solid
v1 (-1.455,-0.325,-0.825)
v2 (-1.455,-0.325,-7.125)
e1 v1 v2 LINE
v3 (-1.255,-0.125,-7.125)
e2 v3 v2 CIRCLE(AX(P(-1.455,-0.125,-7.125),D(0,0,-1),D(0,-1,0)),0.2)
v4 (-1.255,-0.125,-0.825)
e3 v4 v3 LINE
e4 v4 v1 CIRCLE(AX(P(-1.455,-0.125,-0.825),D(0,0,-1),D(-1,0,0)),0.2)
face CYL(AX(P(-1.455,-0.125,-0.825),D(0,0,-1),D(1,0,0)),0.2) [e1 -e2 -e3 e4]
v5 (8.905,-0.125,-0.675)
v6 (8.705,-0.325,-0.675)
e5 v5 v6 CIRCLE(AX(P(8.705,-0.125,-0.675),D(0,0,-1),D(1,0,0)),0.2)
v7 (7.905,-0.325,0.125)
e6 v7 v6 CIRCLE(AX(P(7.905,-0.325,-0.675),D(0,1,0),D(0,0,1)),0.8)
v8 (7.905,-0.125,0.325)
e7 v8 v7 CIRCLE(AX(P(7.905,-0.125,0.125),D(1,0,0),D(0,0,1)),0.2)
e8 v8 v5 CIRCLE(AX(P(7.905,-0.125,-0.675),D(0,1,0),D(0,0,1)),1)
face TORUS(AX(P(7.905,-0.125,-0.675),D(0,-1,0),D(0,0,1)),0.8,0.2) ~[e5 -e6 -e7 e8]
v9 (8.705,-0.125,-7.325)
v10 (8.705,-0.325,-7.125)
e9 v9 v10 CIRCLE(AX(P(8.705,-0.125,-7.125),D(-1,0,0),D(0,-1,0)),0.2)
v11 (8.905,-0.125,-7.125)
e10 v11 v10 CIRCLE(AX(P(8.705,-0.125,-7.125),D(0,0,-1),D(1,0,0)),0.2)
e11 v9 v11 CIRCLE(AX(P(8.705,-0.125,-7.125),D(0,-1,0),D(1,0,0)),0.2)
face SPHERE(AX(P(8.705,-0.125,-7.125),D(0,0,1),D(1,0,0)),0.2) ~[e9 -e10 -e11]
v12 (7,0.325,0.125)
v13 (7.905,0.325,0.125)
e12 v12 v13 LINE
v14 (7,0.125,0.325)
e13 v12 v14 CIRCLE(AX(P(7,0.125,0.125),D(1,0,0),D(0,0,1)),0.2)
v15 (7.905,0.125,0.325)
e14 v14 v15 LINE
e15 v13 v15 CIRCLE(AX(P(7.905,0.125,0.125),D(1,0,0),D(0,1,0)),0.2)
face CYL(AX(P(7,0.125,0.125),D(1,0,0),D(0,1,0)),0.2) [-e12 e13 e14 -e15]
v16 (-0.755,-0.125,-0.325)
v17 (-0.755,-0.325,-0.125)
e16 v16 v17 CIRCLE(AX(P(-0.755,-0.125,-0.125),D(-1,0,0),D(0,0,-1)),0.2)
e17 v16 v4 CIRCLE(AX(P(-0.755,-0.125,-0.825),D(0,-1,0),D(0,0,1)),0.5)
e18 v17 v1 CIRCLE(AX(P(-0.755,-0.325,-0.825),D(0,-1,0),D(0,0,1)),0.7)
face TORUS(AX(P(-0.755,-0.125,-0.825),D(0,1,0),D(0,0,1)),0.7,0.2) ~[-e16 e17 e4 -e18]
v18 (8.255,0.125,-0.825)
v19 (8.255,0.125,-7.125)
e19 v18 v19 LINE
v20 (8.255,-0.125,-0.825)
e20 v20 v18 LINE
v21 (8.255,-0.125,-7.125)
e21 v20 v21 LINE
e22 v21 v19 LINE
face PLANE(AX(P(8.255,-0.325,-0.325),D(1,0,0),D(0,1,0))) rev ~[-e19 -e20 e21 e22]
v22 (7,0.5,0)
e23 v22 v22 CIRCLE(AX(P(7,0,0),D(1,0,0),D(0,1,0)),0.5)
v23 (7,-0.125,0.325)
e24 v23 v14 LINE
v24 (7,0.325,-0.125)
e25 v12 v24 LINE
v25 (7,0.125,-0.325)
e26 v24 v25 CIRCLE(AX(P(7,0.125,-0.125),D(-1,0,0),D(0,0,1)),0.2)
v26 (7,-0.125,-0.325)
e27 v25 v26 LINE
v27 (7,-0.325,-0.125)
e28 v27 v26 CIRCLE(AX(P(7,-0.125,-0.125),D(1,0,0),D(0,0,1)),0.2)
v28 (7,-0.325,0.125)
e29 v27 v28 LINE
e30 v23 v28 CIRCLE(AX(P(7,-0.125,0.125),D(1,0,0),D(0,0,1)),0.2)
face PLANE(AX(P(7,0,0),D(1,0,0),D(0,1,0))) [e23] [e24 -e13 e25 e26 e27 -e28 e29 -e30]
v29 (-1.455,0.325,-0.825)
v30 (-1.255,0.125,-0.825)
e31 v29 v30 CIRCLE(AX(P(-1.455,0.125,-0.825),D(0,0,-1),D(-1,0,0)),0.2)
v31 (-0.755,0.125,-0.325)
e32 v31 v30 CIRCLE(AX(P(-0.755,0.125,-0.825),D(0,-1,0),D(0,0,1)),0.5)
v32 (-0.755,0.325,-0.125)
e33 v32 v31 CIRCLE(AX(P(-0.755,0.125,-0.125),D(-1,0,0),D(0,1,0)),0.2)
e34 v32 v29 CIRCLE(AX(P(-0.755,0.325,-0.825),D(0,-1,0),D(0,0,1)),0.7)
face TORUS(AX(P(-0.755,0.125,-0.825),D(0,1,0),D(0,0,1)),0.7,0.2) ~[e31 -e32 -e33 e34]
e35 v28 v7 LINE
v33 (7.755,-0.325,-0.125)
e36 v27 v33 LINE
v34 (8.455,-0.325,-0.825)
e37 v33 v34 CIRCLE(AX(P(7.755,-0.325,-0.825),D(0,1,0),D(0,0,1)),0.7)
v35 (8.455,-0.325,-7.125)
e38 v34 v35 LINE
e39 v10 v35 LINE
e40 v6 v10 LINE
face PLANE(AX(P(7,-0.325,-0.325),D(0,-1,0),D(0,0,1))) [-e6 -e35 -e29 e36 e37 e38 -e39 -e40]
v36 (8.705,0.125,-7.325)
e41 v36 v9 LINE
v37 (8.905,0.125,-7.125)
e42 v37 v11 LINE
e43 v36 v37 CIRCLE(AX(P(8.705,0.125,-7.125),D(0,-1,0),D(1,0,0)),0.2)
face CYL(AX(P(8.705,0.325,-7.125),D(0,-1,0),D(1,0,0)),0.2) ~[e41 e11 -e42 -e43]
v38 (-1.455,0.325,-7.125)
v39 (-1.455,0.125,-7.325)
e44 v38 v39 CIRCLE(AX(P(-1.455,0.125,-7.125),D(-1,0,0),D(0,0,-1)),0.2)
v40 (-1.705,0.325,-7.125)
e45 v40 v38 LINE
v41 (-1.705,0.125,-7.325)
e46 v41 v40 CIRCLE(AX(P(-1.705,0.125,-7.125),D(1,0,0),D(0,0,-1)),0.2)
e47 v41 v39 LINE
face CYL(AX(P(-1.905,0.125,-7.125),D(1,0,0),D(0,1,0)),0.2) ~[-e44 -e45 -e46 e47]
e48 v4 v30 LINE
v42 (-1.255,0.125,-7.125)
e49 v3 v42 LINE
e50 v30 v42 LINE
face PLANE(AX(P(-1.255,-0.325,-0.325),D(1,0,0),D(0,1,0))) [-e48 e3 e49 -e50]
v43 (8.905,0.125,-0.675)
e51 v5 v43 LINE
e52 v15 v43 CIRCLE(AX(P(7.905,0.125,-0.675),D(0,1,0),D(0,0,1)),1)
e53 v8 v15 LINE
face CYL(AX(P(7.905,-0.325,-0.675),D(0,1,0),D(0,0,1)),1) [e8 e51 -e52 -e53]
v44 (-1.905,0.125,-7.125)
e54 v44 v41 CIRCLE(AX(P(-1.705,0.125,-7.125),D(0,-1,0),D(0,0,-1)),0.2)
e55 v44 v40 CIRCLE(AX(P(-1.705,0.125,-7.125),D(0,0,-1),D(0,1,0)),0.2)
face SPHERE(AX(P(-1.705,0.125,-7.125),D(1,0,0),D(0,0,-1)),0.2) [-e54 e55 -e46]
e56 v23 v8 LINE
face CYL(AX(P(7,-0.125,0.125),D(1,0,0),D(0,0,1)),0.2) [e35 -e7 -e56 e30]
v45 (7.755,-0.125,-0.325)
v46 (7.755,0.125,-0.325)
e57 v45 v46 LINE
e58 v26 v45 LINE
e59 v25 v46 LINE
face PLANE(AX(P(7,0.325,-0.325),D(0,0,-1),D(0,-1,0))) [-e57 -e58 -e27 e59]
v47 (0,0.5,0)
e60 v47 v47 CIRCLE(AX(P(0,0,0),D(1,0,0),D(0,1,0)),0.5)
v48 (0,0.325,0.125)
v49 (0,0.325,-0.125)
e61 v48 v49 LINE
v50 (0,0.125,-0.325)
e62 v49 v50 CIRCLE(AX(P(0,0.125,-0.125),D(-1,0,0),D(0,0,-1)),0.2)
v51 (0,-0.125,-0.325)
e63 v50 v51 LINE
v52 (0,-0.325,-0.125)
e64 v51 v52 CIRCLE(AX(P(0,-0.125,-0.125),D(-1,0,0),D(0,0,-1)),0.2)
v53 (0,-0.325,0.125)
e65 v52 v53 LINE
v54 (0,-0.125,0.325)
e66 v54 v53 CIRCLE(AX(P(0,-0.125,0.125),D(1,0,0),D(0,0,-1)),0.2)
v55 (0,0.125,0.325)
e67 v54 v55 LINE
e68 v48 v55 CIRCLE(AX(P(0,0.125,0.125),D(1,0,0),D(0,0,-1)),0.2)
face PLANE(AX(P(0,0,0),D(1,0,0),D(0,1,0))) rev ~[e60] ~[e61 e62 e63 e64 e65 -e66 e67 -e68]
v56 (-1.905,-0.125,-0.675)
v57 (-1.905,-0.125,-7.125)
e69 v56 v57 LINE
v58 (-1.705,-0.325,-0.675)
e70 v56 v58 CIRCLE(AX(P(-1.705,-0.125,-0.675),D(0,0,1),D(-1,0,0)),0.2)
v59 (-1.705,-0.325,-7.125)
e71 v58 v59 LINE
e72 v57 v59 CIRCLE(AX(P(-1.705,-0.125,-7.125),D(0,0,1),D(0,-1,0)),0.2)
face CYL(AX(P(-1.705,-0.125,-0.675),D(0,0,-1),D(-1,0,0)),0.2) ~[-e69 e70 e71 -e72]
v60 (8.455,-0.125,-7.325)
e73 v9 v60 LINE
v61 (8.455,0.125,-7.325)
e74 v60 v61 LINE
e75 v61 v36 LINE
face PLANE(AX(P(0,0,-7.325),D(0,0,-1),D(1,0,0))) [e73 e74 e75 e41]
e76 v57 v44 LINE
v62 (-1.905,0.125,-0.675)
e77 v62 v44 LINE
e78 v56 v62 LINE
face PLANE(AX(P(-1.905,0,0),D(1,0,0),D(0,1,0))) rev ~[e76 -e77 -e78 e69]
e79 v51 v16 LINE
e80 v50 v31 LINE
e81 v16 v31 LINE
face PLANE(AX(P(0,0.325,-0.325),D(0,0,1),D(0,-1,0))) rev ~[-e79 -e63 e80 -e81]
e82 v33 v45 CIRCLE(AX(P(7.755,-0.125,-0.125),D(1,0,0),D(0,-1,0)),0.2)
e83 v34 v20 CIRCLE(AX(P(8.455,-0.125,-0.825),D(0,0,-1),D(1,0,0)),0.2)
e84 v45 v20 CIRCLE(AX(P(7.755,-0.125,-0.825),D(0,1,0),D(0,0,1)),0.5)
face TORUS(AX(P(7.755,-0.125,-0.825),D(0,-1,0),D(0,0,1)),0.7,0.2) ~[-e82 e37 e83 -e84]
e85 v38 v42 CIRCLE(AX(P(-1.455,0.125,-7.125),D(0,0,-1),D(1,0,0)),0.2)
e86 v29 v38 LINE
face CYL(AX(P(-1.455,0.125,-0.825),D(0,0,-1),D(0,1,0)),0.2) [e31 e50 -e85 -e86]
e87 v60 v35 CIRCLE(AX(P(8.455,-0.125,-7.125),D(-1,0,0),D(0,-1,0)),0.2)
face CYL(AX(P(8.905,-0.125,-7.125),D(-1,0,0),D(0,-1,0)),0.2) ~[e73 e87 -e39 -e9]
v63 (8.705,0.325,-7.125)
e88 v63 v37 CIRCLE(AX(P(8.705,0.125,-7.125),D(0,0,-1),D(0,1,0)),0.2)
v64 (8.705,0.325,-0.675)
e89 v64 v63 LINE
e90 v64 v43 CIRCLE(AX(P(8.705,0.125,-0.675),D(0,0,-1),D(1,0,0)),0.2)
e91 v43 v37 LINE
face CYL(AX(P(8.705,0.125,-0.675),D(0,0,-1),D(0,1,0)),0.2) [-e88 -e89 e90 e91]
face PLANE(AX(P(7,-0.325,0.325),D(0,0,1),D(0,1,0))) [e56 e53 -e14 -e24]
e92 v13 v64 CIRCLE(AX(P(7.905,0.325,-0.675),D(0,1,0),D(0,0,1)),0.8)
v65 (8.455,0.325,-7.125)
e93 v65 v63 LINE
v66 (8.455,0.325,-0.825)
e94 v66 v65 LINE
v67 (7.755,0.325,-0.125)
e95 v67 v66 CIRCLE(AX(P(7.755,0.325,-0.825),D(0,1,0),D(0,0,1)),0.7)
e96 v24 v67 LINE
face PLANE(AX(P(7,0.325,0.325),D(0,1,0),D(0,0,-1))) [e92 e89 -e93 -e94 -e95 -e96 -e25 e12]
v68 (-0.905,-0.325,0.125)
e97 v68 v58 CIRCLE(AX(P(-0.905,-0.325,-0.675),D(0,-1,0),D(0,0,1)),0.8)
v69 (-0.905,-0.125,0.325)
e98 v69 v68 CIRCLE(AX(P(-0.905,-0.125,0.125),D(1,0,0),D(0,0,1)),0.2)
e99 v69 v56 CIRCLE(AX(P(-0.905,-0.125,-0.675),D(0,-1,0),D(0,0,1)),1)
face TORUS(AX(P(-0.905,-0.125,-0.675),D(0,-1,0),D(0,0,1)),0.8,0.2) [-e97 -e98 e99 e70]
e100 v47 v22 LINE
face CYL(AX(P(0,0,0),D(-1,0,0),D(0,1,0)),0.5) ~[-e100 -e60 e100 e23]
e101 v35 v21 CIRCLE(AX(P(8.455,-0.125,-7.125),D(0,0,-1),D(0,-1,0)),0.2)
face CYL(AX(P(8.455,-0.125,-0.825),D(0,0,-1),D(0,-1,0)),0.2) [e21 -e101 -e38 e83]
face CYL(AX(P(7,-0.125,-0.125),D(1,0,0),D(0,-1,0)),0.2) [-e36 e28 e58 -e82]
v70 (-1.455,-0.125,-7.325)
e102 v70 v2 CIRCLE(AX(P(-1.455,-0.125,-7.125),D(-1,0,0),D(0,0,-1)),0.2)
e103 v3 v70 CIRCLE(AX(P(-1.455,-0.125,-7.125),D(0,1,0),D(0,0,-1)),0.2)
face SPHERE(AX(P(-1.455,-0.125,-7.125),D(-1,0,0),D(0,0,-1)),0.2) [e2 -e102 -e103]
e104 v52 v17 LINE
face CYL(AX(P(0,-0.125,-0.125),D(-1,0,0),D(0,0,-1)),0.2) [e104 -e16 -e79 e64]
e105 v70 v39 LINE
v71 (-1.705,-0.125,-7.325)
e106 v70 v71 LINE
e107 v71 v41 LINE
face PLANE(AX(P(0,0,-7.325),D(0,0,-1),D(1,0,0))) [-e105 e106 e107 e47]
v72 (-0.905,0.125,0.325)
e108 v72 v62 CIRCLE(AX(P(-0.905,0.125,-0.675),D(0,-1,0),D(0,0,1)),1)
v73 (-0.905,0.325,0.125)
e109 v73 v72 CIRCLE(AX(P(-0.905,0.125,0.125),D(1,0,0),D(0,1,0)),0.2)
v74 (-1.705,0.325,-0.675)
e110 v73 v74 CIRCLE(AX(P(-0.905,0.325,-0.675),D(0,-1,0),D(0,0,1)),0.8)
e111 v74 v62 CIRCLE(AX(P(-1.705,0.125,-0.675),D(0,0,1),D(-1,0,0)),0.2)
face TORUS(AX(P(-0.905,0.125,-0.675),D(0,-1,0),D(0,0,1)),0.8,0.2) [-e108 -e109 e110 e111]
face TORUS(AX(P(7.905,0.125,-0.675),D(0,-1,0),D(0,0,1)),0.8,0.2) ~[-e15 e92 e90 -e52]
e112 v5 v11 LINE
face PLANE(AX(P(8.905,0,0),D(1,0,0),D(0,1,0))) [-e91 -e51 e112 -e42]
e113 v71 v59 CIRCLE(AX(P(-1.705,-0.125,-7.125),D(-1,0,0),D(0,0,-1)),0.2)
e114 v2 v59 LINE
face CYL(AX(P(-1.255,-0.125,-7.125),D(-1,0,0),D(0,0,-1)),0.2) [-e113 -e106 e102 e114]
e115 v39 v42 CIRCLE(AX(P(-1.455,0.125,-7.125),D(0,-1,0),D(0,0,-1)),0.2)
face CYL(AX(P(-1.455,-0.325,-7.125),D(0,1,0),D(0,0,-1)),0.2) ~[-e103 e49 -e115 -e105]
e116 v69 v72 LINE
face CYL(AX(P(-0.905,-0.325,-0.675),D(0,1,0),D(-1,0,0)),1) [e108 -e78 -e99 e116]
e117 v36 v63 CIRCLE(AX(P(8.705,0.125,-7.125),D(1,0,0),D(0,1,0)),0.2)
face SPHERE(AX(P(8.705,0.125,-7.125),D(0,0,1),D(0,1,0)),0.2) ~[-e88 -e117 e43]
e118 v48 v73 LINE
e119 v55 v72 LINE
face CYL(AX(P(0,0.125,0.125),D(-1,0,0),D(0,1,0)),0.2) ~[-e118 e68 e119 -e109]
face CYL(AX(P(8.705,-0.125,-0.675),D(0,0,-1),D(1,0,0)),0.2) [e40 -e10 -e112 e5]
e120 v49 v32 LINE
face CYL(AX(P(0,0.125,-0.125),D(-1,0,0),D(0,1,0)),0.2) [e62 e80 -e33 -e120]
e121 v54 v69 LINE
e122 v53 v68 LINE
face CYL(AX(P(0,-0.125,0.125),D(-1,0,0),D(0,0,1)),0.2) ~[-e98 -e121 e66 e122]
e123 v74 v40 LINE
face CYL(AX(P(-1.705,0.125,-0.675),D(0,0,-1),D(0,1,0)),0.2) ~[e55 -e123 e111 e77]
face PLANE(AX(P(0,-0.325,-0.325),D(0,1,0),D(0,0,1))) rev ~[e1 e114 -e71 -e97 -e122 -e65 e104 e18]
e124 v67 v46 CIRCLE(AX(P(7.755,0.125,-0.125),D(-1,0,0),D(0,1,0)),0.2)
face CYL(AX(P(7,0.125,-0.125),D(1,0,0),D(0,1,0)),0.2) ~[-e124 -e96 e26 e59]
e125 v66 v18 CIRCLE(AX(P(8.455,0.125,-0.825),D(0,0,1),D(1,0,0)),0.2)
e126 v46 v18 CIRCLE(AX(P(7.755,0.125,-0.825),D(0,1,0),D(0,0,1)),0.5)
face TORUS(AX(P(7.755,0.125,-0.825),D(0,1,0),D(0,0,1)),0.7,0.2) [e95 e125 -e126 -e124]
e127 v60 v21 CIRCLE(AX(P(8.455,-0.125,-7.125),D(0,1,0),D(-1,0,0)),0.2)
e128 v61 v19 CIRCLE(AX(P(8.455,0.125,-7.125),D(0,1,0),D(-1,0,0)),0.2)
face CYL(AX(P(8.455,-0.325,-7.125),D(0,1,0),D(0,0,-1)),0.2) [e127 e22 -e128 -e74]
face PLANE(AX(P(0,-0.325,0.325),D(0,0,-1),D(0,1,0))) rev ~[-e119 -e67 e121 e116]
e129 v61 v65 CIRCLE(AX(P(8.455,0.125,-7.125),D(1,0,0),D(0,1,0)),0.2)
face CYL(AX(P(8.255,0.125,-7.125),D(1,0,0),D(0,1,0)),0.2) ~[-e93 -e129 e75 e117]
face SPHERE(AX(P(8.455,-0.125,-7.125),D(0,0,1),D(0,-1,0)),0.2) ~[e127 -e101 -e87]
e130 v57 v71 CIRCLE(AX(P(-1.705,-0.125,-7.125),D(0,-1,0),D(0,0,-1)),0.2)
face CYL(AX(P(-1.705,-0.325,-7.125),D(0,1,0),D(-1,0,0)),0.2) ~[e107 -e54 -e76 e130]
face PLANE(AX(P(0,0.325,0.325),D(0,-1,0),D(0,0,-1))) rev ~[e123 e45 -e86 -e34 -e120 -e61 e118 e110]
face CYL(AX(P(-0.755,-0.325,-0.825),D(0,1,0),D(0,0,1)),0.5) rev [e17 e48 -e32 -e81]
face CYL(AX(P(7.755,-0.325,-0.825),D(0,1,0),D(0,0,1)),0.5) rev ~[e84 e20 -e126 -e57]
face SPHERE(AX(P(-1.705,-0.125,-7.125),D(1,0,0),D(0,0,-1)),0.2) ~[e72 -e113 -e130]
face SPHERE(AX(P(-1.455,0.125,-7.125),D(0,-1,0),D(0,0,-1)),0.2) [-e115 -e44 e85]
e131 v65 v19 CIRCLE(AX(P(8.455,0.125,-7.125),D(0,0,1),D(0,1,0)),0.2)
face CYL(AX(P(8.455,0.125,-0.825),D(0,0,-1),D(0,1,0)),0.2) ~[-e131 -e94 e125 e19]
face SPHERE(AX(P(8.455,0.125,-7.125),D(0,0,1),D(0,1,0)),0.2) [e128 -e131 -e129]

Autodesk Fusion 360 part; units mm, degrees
sketch "Sketch1" plane through (0, 0, 0) normal (1, 0, 0) x (0, 1, 0)
  circle A0 centre (0, 0) radius 0.5
  line L0 (0.325, -0.325) -> (-0.325, -0.325)
  line L1 (-0.325, -0.325) -> (-0.325, 0.325)
  line L2 (-0.325, 0.325) -> (0.325, 0.325)
  line L3 (0.325, 0.325) -> (0.325, -0.325)
  line L4 (0.325, -0.325) -> (-0.325, 0.325) construction
  line L5 (-0.325, -0.325) -> (0.325, 0.325) construction
  dimension "d1" = 1
  dimension "d2" = 0.65
  dimension "d3" = 0.65
extrude "Extrude1" add sketch "Sketch1" along normal blind 7 contours A0 | L0 L1 L2 L3
sketch "Sketch2" plane through (7, 0, 0) normal (1, 0, 0) x (0, 1, 0)
  circle A0 centre (0, 0) radius 0.5
  line L0 (0.325, -0.325) -> (-0.325, -0.325)
  line L1 (-0.325, -0.325) -> (-0.325, 0.325)
  line L2 (-0.325, 0.325) -> (0.325, 0.325)
  line L3 (0.325, 0.325) -> (0.325, -0.325)
  line L4 (0.325, -0.325) -> (-0.325, 0.325) construction
  line L5 (-0.325, -0.325) -> (0.325, 0.325) construction
  dimension "d8" = 0.65
  dimension "d9" = 0.65
extrude "Extrude2" add sketch "Sketch2" along normal blind 1.905 contours L0 L1 L2 L3
extrude "Extrude3" add sketch "Sketch1" against normal blind 1.905 contours L0 L1 L2 L3
sketch "Sketch3" plane through (0, 0, -0.325) normal (0, 0, -1) x (1, 0, 0)
  line L0 (7, 0.325) -> (7, -0.325)
  line L1 (7, -0.325) -> (8.905, -0.325)
  line L2 (8.905, -0.325) -> (8.905, 0.325)
  line L3 (8.905, 0.325) -> (7, 0.325)
  line L4 (8.905, 0.325) -> (8.255, 0.325)
  line L5 (8.255, 0.325) -> (8.255, -0.325)
  line L6 (8.255, -0.325) -> (8.905, -0.325)
  line L7 (8.905, -0.325) -> (8.905, 0.325)
  line L8 (8.905, 0.325) -> (8.255, -0.325) construction
  line L9 (8.255, 0.325) -> (8.905, -0.325) construction
  point P0 (8.58, 0)
  dimension "d14" = 0.65
  dimension "d15" = 0.65
sketch "Sketch4" plane through (0, 0, -0.325) normal (0, 0, -1) x (1, 0, 0)
  line L0 (0, -0.325) -> (0, 0.325)
  line L1 (0, 0.325) -> (-1.905, 0.325)
  line L2 (-1.905, 0.325) -> (-1.905, -0.325)
  line L3 (-1.905, -0.325) -> (0, -0.325)
  line L4 (-1.255, -0.325) -> (-1.905, -0.325)
  line L5 (-1.905, -0.325) -> (-1.905, 0.325)
  line L6 (-1.905, 0.325) -> (-1.255, 0.325)
  line L7 (-1.255, 0.325) -> (-1.255, -0.325)
  line L8 (-1.255, -0.325) -> (-1.905, 0.325) construction
  line L9 (-1.905, -0.325) -> (-1.255, 0.325) construction
  point P0 (-1.58, 0)
  dimension "d17" = 0.65
  dimension "d18" = 0.65
extrude "Extrude4" add sketch "Sketch4" sketch "Sketch3" along normal blind 7 contours L1 L2 L3 L4 L5 L6 L7 of sketch 2 contours L1 L2 L3 L4 L5 L6 L7
fillet "Fillet1" radius 0.5 2 edges at (-1.255, 0, -0.325) (8.255, 0, -0.325)
fillet "Fillet2" radius 1 2 edges at (-1.905, 0, 0.325) (8.905, 0, 0.325)
fillet "Fillet3" radius 0.2 32 edges at (-1.58, -0.325, -7.325) (-1.255, 0, -7.325) (-1.58, 0.325, -7.325) (-1.905, 0, -7.325) (-1.1086, -0.325, -0.4714) (-1.255, -0.325, -4.075) (-0.3775, -0.325, -0.325) (-0.4525, -0.325, 0.325) (-1.6121, -0.325, 0.0321) (-1.905, -0.325, -4) (-0.4525, 0.325, 0.325) (-1.6121, 0.325, 0.0321) (-1.905, 0.325, -4) (-1.1086, 0.325, -0.4714) (-0.3775, 0.325, -0.325) (-1.255, 0.325, -4.075) (7.4525, -0.325, 0.325) (8.6121, -0.325, 0.0321) (8.905, -0.325, -4) (8.255, -0.325, -4.075) (8.1086, -0.325, -0.4714) (7.3775, -0.325, -0.325) (8.905, 0.325, -4) (8.6121, 0.325, 0.0321) (7.4525, 0.325, 0.325) (8.1086, 0.325, -0.4714) (8.255, 0.325, -4.075) (7.3775, 0.325, -0.325) (8.58, 0.325, -7.325) (8.905, 0, -7.325) (8.58, -0.325, -7.325) (8.255, 0, -7.325)
equation "d1 = jumperWidth"
equation "d2 = d3"
equation "d3 = d1 * 0.65"
equation "jumperWidth = 1 mm"
equation "jumperBaseLenght = 7 mm"
equation "d6 = jumperBaseLenght"
equation "d8 = jumperWidth * 0.65"
equation "d9 = d8"
equation "d10 = ( ( 2.54 * ceil(( jumperBaseLenght + 1.3 * jumperWidth ) / 2.54 mm) ) * 1 mm + 0.65 * jumperWidth - jumperBaseLenght ) / 2"
equation "d12 = -( ( 2.54 * ceil(( jumperBaseLenght + 1.3 * jumperWidth ) / 2.54 mm) ) * 1 mm + 0.65 * jumperWidth - jumperBaseLenght ) / 2"
equation "d14 = jumperWidth * 0.65"
equation "d15 = d14"
equation "d17 = jumperWidth * 0.65"
equation "d18 = d17"
equation "d26 = 0.2 * jumperWidth"
